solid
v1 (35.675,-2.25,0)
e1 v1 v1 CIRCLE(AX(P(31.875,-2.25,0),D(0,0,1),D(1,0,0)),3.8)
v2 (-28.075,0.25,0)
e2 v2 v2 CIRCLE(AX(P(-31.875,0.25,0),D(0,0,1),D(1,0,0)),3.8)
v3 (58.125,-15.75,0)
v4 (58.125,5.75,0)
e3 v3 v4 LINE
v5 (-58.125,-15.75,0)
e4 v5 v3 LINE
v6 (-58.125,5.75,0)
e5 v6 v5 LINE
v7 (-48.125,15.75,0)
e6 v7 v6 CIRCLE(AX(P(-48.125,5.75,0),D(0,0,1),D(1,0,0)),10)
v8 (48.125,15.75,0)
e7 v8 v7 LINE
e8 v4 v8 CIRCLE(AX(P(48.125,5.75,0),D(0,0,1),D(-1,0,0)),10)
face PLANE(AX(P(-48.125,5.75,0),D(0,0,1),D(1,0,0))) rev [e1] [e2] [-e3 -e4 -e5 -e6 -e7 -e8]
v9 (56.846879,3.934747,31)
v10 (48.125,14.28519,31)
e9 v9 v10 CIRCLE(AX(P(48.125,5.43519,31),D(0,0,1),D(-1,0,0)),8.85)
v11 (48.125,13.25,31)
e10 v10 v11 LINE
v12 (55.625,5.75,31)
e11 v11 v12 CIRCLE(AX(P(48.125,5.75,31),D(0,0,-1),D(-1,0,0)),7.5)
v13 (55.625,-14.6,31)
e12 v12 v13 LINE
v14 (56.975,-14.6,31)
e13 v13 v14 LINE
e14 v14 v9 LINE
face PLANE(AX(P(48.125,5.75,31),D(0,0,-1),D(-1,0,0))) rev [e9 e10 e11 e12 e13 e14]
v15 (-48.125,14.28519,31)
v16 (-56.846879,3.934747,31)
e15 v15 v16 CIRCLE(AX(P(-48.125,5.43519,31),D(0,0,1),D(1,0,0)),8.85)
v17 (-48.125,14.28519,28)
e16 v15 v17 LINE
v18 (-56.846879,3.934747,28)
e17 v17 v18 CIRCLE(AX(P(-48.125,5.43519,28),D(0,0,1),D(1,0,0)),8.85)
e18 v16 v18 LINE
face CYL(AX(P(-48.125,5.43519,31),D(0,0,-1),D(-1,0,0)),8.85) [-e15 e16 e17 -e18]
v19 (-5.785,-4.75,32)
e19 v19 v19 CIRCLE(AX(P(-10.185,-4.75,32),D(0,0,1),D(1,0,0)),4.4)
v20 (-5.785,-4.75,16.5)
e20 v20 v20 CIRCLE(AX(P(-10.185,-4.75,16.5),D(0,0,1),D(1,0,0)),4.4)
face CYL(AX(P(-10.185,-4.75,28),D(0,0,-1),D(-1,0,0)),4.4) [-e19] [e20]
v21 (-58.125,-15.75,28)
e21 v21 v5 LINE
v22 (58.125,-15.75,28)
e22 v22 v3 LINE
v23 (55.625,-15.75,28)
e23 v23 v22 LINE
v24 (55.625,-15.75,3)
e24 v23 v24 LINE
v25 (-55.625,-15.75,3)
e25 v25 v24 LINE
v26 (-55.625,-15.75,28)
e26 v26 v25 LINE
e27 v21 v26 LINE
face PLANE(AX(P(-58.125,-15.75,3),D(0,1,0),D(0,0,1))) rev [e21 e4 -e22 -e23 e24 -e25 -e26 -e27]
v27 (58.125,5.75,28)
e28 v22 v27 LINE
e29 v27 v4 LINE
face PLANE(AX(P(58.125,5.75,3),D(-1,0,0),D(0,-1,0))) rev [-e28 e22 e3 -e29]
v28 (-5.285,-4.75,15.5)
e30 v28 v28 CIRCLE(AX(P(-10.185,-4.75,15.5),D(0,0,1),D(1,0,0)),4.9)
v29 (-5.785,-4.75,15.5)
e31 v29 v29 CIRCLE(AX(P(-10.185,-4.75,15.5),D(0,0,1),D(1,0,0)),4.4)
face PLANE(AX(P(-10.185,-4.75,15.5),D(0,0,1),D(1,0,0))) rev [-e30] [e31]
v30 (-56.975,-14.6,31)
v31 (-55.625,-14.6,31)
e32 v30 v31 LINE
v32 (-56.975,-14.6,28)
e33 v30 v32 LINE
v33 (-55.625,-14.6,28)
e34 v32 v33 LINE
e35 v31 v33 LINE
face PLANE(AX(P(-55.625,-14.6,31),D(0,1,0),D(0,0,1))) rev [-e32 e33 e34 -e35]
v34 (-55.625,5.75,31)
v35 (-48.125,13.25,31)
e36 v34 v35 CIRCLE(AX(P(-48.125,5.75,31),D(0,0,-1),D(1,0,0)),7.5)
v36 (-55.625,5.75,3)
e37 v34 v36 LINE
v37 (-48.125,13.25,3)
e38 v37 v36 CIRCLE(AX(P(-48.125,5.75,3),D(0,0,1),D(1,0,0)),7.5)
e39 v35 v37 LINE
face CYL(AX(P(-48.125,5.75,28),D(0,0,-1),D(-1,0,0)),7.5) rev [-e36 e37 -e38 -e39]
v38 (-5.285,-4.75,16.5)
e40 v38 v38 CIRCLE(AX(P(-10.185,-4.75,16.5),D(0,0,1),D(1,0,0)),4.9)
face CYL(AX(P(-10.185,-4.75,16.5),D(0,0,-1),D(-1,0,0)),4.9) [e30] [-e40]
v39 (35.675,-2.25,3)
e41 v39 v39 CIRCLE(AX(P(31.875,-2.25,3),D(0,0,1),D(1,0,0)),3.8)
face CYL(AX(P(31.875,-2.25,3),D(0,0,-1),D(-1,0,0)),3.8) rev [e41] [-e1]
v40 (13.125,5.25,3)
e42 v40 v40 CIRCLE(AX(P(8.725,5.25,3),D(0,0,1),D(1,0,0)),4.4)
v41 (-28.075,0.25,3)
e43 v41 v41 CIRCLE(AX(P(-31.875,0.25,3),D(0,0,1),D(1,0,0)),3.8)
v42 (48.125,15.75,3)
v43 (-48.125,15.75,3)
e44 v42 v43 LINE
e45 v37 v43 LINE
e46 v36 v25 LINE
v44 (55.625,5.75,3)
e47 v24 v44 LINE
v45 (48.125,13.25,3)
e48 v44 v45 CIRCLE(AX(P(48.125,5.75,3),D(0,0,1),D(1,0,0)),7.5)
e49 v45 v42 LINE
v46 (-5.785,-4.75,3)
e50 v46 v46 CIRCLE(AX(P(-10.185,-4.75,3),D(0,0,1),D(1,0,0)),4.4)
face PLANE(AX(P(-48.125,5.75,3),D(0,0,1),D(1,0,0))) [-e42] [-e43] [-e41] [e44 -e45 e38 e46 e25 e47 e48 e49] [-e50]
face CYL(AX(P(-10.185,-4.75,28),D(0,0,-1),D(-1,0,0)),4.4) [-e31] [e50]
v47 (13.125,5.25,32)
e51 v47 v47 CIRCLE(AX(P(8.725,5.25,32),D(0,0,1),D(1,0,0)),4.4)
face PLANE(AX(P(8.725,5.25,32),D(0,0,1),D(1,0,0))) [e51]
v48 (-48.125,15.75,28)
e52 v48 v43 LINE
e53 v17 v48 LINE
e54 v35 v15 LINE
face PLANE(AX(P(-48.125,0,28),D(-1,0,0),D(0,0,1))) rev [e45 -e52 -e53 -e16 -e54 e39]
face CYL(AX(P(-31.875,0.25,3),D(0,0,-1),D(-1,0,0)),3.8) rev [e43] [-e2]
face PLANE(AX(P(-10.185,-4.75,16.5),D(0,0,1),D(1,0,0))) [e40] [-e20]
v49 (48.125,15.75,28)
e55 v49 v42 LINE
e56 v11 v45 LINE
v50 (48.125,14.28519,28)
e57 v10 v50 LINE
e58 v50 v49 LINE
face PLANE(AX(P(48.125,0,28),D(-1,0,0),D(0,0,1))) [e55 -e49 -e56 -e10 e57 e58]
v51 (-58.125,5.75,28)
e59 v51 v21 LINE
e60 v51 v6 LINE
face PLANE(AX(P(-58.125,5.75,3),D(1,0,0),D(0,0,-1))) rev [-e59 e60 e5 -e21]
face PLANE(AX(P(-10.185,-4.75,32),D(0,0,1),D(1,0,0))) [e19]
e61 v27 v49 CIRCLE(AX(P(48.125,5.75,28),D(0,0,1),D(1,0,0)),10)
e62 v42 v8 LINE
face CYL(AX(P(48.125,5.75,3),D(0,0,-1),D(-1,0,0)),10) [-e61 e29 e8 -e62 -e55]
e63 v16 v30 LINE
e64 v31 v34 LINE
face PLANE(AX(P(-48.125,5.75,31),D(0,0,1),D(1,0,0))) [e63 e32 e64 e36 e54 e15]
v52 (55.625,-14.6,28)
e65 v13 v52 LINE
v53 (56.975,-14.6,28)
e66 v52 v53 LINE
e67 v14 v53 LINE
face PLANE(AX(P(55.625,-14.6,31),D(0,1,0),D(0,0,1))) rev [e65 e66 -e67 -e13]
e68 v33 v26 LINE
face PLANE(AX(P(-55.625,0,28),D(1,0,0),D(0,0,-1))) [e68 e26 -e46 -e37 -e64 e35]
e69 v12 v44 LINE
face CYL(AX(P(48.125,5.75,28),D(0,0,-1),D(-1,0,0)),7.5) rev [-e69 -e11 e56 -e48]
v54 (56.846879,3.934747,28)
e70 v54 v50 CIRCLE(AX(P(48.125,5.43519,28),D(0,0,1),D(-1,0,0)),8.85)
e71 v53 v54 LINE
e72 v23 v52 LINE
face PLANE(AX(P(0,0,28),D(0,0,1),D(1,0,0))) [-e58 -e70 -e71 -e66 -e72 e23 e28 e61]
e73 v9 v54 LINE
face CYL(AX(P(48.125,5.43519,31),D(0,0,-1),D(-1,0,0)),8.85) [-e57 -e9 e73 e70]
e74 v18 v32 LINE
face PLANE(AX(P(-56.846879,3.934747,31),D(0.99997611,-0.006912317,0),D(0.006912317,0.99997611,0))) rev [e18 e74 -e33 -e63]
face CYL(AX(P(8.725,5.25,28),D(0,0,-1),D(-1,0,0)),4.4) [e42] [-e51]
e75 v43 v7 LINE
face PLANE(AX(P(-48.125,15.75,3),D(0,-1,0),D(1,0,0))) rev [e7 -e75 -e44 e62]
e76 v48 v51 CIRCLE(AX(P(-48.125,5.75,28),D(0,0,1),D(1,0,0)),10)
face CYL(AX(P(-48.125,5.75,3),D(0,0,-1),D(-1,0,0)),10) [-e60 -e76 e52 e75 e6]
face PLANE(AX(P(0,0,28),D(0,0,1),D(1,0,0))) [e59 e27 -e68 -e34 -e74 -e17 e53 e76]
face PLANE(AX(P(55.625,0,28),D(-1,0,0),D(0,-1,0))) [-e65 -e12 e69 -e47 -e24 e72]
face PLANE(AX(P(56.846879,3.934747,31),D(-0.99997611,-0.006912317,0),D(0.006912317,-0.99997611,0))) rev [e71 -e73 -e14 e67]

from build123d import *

# Parameters (mm, degrees)
SKETCH1_R           = 3.8
BOSS_EXTRUDE2_DEPTH = 3
SKETCH2_R           = 4.4
BOSS_EXTRUDE3_DEPTH = 25
CUT_EXTRUDE3_START  = -1
SKETCH10_R          = 4.4
CUT_EXTRUDE3_DEPTH  = 1
BOSS_EXTRUDE5_DEPTH = 3
SKETCH12_R          = 4.4
BOSS_EXTRUDE6_DEPTH = 5
SKETCH14_R          = 4.9
BOSS_EXTRUDE7_DEPTH = 1


with BuildPart() as part:
    # Sketch1 → Boss-Extrude2 (new body)
    with BuildSketch(Plane.XY):
        with BuildLine():
            Line((-48.125, 15.75), (48.125, 15.75))
            ThreePointArc((48.125, 15.75), (55.196067812, 12.821067812), (58.125, 5.75))
            Line((58.125, 5.75), (58.125, -15.75))
            Line((58.125, -15.75), (-58.125, -15.75))
            Line((-58.125, -15.75), (-58.125, 5.75))
            ThreePointArc((-58.125, 5.75), (-55.196067812, 12.821067812), (-48.125, 15.75))
        make_face()
        with Locations((31.875, -2.25)):
            Circle(SKETCH1_R, mode=Mode.SUBTRACT)
        with Locations((-31.875, 0.25)):
            Circle(SKETCH1_R, mode=Mode.SUBTRACT)
    extrude(amount=BOSS_EXTRUDE2_DEPTH)

    # Sketch2 → Boss-Extrude3 (add)
    with BuildSketch(Plane.XY.offset(3)):
        with Locations((8.725, 5.25)):
            Circle(SKETCH2_R)
        with Locations((-10.185, -4.75)):
            Circle(SKETCH2_R)
        with BuildLine():
            Line((55.625, 5.75), (55.625, -15.75))
            Line((55.625, -15.75), (58.125, -15.75))
            Line((58.125, -15.75), (58.125, 5.25))
            Line((58.125, 5.25), (58.125, 5.75))
            ThreePointArc((58.125, 5.75), (55.196067812, 12.821067812), (48.125, 15.75))
            Line((48.125, 15.75), (48.125, 13.25))
            ThreePointArc((48.125, 13.25), (53.428300859, 11.053300859), (55.625, 5.75))
        make_face()
        with BuildLine():
            Line((-58.125, -15.75), (-55.625, -15.75))
            Line((-55.625, -15.75), (-55.625, 5.75))
            ThreePointArc((-55.625, 5.75), (-53.428300859, 11.053300859), (-48.125, 13.25))
            Line((-48.125, 13.25), (-48.125, 15.75))
            ThreePointArc((-48.125, 15.75), (-55.196067812, 12.821067812), (-58.125, 5.75))
            Line((-58.125, 5.75), (-58.125, 5.25))
            Line((-58.125, 5.25), (-58.125, -15.75))
        make_face()
    extrude(amount=BOSS_EXTRUDE3_DEPTH)

    # Sketch10 → Cut-Extrude3 (cut)
    with BuildSketch(Plane.XY.offset(28).offset(CUT_EXTRUDE3_START)):
        with Locations((8.725, 5.25)):
            Circle(SKETCH10_R)
        with Locations((-10.185, -4.75)):
            Circle(SKETCH10_R)
    extrude(amount=CUT_EXTRUDE3_DEPTH, mode=Mode.SUBTRACT)

    # Sketch5 → Boss-Extrude5 (add)
    with BuildSketch(Plane.XY.offset(28)):
        with BuildLine():
            Line((-56.84687889, 3.934747007), (-56.975, -14.6))
            Line((-56.975, -14.6), (-55.625, -14.6))
            Line((-55.625, -14.6), (-55.625, 5.75))
            ThreePointArc((-55.625, 5.75), (-53.428300859, 11.053300859), (-48.125, 13.25))
            Line((-48.125, 13.25), (-48.125, 14.285189819))
            ThreePointArc((-48.125, 14.285189819), (-54.892622141, 11.137977782), (-56.84687889, 3.934747007))
        make_face()
        with BuildLine():
            Line((55.625, -14.6), (55.625, 5.75))
            ThreePointArc((55.625, 5.75), (53.428300859, 11.053300859), (48.125, 13.25))
            Line((48.125, 13.25), (48.125, 14.285189819))
            ThreePointArc((48.125, 14.285189819), (54.892622141, 11.137977782), (56.84687889, 3.934747007))
            Line((56.84687889, 3.934747007), (56.975, -14.6))
            Line((56.975, -14.6), (55.625, -14.6))
        make_face()
    extrude(amount=BOSS_EXTRUDE5_DEPTH)

    # Sketch12 → Boss-Extrude6 (add)
    with BuildSketch(Plane.XY.offset(27)):
        with Locations((-10.185, -4.75)):
            Circle(SKETCH12_R)
        with Locations((8.725, 5.25)):
            Circle(SKETCH12_R)
    extrude(amount=BOSS_EXTRUDE6_DEPTH)

    # Sketch14 → Boss-Extrude7 (add)
    with BuildSketch(Plane.XY.offset(15.5)):
        with Locations((-10.185, -4.75)):
            Circle(SKETCH14_R)
    extrude(amount=BOSS_EXTRUDE7_DEPTH)


solid = part.part
